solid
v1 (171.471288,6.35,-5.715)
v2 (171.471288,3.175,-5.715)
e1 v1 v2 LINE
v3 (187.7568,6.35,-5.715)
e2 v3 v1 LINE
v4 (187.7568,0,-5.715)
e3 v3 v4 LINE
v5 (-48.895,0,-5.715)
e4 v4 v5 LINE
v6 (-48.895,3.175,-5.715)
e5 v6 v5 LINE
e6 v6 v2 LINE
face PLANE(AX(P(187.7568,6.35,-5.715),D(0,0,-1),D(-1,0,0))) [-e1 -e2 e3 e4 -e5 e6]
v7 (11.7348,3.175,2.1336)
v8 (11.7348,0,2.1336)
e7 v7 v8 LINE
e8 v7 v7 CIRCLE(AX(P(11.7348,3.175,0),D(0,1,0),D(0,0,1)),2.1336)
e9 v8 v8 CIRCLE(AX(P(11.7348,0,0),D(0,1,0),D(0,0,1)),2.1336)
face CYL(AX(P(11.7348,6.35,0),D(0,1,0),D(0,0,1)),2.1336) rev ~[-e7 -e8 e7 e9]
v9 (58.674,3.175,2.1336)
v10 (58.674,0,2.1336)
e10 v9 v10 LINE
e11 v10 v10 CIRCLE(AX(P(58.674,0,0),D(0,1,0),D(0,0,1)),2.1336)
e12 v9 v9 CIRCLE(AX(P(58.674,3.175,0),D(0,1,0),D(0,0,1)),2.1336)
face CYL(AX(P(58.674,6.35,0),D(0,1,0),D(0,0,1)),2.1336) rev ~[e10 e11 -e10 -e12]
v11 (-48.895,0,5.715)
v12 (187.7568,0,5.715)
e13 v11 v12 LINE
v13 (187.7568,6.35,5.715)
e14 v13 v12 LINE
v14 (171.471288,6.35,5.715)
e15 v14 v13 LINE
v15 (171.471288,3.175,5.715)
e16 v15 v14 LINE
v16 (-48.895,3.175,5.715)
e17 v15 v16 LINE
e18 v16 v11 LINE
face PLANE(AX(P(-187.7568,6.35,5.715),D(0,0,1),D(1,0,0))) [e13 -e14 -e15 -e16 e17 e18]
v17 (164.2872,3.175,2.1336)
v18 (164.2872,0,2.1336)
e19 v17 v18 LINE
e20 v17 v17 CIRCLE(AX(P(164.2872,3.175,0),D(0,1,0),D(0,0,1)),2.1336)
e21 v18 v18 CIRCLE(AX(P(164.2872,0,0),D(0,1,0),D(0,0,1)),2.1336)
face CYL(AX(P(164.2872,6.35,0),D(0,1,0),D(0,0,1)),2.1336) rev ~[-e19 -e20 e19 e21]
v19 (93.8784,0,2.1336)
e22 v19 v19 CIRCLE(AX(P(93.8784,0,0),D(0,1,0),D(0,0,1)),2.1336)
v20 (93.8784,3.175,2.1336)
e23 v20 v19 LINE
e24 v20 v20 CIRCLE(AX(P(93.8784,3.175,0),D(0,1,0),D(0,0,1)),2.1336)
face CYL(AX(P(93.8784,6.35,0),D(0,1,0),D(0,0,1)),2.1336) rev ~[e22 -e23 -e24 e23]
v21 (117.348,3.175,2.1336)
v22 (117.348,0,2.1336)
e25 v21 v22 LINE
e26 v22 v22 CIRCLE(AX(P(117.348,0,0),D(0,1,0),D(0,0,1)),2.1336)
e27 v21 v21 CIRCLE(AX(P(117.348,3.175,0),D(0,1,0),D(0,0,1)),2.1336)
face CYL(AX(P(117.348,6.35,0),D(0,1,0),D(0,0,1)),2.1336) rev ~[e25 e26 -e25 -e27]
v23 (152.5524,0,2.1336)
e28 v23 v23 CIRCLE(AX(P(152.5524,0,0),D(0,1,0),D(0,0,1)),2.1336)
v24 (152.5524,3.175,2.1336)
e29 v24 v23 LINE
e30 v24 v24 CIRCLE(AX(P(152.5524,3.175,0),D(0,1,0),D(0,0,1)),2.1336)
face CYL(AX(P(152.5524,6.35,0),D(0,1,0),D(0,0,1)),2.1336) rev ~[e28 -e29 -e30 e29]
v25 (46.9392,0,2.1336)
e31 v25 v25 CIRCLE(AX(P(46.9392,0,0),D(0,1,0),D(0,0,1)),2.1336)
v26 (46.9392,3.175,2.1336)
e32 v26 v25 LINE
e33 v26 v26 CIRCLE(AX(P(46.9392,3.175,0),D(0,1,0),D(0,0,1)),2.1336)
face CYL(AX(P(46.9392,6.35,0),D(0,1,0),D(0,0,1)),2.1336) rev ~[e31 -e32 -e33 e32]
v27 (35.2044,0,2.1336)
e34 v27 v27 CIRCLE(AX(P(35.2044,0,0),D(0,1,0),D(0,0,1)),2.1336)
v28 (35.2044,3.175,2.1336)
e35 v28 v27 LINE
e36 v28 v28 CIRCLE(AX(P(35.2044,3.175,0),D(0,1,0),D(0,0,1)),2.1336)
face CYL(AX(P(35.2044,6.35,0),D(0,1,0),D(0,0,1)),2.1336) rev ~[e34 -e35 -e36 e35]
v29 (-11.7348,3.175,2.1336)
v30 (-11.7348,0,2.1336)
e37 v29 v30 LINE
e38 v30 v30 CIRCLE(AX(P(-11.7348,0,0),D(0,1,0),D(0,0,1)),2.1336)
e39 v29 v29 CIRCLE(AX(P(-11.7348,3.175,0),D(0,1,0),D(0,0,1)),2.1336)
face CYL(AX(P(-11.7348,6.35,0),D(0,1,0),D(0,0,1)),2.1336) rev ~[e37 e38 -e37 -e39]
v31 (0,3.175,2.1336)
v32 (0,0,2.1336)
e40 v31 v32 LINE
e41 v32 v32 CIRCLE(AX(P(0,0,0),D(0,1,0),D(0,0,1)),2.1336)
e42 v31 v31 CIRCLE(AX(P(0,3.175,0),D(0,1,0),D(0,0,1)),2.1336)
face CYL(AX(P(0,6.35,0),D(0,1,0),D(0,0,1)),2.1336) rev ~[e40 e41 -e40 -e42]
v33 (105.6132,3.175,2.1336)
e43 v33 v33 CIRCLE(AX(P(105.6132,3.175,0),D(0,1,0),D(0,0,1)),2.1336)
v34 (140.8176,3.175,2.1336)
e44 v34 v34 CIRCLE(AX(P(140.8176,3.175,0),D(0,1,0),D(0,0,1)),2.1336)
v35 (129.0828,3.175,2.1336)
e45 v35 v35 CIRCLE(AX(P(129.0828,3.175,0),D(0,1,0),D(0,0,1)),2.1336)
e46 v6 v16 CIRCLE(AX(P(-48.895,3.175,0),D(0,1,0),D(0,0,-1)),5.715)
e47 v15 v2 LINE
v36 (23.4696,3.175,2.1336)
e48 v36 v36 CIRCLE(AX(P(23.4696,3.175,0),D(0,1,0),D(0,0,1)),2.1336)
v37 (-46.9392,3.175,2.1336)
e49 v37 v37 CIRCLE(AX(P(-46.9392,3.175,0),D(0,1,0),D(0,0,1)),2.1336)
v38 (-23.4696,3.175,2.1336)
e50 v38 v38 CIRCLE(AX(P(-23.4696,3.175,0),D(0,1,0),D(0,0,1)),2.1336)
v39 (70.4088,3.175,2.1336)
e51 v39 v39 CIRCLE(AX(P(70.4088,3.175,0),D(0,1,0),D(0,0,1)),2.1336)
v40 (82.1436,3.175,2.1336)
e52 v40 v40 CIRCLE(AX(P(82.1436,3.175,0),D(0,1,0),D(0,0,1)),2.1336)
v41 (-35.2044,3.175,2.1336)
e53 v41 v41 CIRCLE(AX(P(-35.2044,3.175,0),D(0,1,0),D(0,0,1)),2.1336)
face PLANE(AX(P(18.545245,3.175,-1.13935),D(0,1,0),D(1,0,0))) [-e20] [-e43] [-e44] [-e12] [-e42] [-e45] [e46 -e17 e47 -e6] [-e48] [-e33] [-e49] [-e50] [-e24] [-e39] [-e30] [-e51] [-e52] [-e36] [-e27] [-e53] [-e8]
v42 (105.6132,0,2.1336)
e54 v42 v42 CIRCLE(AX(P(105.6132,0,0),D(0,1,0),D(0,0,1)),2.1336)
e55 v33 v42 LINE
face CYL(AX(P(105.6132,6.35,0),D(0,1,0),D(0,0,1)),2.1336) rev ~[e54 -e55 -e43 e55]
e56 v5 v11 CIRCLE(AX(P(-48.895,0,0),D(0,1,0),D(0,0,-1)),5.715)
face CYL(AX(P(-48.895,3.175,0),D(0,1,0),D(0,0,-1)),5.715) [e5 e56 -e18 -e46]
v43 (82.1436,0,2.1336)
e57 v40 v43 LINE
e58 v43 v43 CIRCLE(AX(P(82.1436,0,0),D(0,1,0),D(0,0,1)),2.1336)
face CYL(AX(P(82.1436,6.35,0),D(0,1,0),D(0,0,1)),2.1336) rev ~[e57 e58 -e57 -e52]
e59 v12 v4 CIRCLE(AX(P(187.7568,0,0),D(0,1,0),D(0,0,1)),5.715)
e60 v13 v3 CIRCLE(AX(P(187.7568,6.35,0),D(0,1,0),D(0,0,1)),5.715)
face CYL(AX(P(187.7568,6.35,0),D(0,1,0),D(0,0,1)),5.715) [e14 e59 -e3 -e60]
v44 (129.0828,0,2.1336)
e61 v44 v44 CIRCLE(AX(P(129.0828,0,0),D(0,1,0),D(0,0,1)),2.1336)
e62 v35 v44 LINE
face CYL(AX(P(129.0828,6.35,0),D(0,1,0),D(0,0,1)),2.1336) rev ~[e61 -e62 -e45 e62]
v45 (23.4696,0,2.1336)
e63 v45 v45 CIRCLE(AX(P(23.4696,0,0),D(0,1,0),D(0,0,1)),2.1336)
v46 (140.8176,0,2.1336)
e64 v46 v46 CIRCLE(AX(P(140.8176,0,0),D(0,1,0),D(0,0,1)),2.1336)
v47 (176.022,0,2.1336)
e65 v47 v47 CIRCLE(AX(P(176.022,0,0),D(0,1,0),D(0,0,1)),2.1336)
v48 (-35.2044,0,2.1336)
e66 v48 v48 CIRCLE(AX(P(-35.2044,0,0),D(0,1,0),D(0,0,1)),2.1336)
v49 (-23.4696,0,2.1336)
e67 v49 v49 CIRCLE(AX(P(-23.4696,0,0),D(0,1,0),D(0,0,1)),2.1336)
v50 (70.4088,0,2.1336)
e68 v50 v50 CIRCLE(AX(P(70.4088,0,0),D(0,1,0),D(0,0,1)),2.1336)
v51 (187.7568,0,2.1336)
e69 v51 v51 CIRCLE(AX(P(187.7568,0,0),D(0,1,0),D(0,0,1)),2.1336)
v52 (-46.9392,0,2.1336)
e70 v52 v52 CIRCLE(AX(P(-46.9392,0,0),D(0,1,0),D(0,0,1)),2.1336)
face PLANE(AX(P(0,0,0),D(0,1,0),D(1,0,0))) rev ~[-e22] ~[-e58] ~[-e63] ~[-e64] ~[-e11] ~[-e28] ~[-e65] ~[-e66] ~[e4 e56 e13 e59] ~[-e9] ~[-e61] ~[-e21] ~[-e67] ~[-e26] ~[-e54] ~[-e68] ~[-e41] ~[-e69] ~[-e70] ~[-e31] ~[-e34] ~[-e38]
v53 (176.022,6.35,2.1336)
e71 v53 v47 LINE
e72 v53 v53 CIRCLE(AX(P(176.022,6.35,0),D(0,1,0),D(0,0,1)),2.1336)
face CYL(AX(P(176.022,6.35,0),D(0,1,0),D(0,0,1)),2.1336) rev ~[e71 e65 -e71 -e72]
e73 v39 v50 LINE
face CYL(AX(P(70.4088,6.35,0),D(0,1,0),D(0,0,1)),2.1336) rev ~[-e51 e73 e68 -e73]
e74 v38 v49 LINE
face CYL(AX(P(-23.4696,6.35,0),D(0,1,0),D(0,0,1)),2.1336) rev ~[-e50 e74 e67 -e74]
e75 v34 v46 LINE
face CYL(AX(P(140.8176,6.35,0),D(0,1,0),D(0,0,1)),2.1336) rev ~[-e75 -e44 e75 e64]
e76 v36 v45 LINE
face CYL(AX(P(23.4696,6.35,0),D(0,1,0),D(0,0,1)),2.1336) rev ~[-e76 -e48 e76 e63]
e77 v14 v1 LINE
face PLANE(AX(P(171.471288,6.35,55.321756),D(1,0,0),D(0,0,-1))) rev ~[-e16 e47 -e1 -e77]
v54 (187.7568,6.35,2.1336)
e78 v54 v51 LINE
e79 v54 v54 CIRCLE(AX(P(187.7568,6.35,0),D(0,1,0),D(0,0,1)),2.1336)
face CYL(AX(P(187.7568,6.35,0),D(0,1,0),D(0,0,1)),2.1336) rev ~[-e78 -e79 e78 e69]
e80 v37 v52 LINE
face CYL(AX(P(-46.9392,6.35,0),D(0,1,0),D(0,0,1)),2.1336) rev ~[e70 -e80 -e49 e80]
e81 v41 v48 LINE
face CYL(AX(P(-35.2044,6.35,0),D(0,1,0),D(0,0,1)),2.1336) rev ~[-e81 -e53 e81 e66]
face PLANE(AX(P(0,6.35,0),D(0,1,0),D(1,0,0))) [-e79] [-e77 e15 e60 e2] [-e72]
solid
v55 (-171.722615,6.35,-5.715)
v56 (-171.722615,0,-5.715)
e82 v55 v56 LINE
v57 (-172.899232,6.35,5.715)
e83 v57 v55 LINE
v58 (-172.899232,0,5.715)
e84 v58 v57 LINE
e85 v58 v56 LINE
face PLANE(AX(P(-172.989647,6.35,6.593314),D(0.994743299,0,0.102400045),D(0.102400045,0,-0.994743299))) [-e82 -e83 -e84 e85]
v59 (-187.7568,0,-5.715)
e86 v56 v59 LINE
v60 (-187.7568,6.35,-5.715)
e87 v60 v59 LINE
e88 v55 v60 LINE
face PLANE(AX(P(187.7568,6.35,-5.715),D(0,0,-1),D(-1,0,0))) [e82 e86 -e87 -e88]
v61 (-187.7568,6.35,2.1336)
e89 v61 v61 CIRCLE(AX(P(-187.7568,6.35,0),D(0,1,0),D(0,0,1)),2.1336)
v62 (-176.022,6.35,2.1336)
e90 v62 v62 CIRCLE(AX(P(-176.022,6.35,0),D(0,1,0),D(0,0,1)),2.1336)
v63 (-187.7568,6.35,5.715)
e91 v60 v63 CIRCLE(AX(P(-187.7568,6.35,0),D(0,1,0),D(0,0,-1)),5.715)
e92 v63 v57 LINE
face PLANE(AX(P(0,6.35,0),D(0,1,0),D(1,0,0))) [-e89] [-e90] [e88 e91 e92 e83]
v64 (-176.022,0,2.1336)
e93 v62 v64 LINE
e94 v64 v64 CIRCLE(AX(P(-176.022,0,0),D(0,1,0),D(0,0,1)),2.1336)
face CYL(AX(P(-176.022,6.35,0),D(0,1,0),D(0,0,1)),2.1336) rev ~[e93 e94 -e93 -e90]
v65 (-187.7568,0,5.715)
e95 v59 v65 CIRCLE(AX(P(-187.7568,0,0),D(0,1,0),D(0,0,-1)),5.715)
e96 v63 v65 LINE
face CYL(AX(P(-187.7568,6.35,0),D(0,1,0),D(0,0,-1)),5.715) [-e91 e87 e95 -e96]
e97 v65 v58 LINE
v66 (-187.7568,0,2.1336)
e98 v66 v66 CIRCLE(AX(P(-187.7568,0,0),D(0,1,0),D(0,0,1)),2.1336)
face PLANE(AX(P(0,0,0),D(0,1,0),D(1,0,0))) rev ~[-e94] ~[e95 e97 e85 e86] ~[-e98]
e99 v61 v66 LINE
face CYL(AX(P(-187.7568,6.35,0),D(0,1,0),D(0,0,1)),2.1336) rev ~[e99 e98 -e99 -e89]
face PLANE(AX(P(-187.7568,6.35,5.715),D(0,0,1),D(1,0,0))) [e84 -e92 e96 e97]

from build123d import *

# Parameters (mm, degrees)
SKETCH1_R           = 2.1336
BOSS_EXTRUDE1_DEPTH = 6.35
CUT_EXTRUDE1_DEPTH  = 194.660324073
SKETCH3_W           = 305.852085709
SKETCH3_H           = 112.922210452
CUT_EXTRUDE2_DEPTH  = 3.175
CUT_EXTRUDE3_DEPTH  = 194.58222864


with BuildPart() as part:
    # Sketch1 → Boss-Extrude1 (new body)
    with BuildSketch(Plane(origin=(0, 6.35, 0), x_dir=(1, 0, 0), z_dir=(0, 1, 0))):
        with BuildLine():
            Line((187.7568, 5.715), (-187.7568, 5.715))
            ThreePointArc((-187.7568, 5.715), (-193.4718, 0), (-187.7568, -5.715))
            Line((-187.7568, -5.715), (187.7568, -5.715))
            ThreePointArc((187.7568, -5.715), (193.4718, 0), (187.7568, 5.715))
        make_face()
        with Locations(Location((187.7568, 0, 0), (0, 0, 270))):
            Circle(SKETCH1_R, mode=Mode.SUBTRACT)
        with Locations(Location((176.022, 0, 0), (0, 0, 270))):
            Circle(SKETCH1_R, mode=Mode.SUBTRACT)
        with Locations(Location((164.2872, 0, 0), (0, 0, 270))):
            Circle(SKETCH1_R, mode=Mode.SUBTRACT)
        with Locations(Location((152.5524, 0, 0), (0, 0, 270))):
            Circle(SKETCH1_R, mode=Mode.SUBTRACT)
        with Locations(Location((140.8176, 0, 0), (0, 0, 270))):
            Circle(SKETCH1_R, mode=Mode.SUBTRACT)
        with Locations(Location((129.0828, 0, 0), (0, 0, 270))):
            Circle(SKETCH1_R, mode=Mode.SUBTRACT)
        with Locations(Location((117.348, 0, 0), (0, 0, 270))):
            Circle(SKETCH1_R, mode=Mode.SUBTRACT)
        with Locations(Location((105.6132, 0, 0), (0, 0, 270))):
            Circle(SKETCH1_R, mode=Mode.SUBTRACT)
        with Locations(Location((93.8784, 0, 0), (0, 0, 270))):
            Circle(SKETCH1_R, mode=Mode.SUBTRACT)
        with Locations(Location((82.1436, 0, 0), (0, 0, 270))):
            Circle(SKETCH1_R, mode=Mode.SUBTRACT)
        with Locations(Location((70.4088, 0, 0), (0, 0, 270))):
            Circle(SKETCH1_R, mode=Mode.SUBTRACT)
        with Locations(Location((58.674, 0, 0), (0, 0, 270))):
            Circle(SKETCH1_R, mode=Mode.SUBTRACT)
        with Locations(Location((46.9392, 0, 0), (0, 0, 270))):
            Circle(SKETCH1_R, mode=Mode.SUBTRACT)
        with Locations(Location((35.2044, 0, 0), (0, 0, 270))):
            Circle(SKETCH1_R, mode=Mode.SUBTRACT)
        with Locations(Location((23.4696, 0, 0), (0, 0, 270))):
            Circle(SKETCH1_R, mode=Mode.SUBTRACT)
        with Locations(Location((11.7348, 0, 0), (0, 0, 270))):
            Circle(SKETCH1_R, mode=Mode.SUBTRACT)
        with Locations(Location((0, 0, 0), (0, 0, 270))):
            Circle(SKETCH1_R, mode=Mode.SUBTRACT)
        with Locations(Location((-11.7348, 0, 0), (0, 0, 270))):
            Circle(SKETCH1_R, mode=Mode.SUBTRACT)
        with Locations(Location((-23.4696, 0, 0), (0, 0, 270))):
            Circle(SKETCH1_R, mode=Mode.SUBTRACT)
        with Locations(Location((-35.2044, 0, 0), (0, 0, 270))):
            Circle(SKETCH1_R, mode=Mode.SUBTRACT)
        with Locations(Location((-46.9392, 0, 0), (0, 0, 270))):
            Circle(SKETCH1_R, mode=Mode.SUBTRACT)
        with Locations(Location((-58.674, 0, 0), (0, 0, 270))):
            Circle(SKETCH1_R, mode=Mode.SUBTRACT)
        with Locations(Location((-70.4088, 0, 0), (0, 0, 270))):
            Circle(SKETCH1_R, mode=Mode.SUBTRACT)
        with Locations(Location((-82.1436, 0, 0), (0, 0, 270))):
            Circle(SKETCH1_R, mode=Mode.SUBTRACT)
        with Locations(Location((-93.8784, 0, 0), (0, 0, 270))):
            Circle(SKETCH1_R, mode=Mode.SUBTRACT)
        with Locations(Location((-105.6132, 0, 0), (0, 0, 270))):
            Circle(SKETCH1_R, mode=Mode.SUBTRACT)
        with Locations(Location((-117.348, 0, 0), (0, 0, 270))):
            Circle(SKETCH1_R, mode=Mode.SUBTRACT)
        with Locations(Location((-129.0828, 0, 0), (0, 0, 270))):
            Circle(SKETCH1_R, mode=Mode.SUBTRACT)
        with Locations(Location((-140.8176, 0, 0), (0, 0, 270))):
            Circle(SKETCH1_R, mode=Mode.SUBTRACT)
        with Locations(Location((-152.5524, 0, 0), (0, 0, 270))):
            Circle(SKETCH1_R, mode=Mode.SUBTRACT)
        with Locations(Location((-164.2872, 0, 0), (0, 0, 270))):
            Circle(SKETCH1_R, mode=Mode.SUBTRACT)
        with Locations(Location((-176.022, 0, 0), (0, 0, 270))):
            Circle(SKETCH1_R, mode=Mode.SUBTRACT)
        with Locations(Location((-187.7568, 0, 0), (0, 0, 270))):
            Circle(SKETCH1_R, mode=Mode.SUBTRACT)
    extrude(amount=-BOSS_EXTRUDE1_DEPTH)

    # Sketch2 → Cut-Extrude1 (cut, through all)
    with BuildSketch(Plane(origin=(0, 6.35, 0), x_dir=(1, 0, 0), z_dir=(0, 1, 0))):
        with BuildLine():
            Line((-117.348, -5.715), (-172.989647153, -6.593313788))
            Line((-172.989647153, -6.593313788), (-171.150394327, 11.273713671))
            Line((-171.150394327, 11.273713671), (-117.348, 5.715))
            ThreePointArc((-117.348, 5.715), (-123.063, 0), (-117.348, -5.715))
        make_face()
    extrude(amount=-CUT_EXTRUDE1_DEPTH, mode=Mode.SUBTRACT)


with BuildPart() as cut_extrude1_piece_1:
    # of the separate pieces the step leaves, piece 1, a body of its own (cut_extrude1_pieces)
    add(part.part.solids().sort_by_distance((187.7568, 6.35, -5.715))[0])

    # Sketch3 → Cut-Extrude2 (cut)
    with BuildSketch(Plane(origin=(0, 6.35, 0), x_dir=(1, 0, 0), z_dir=(0, 1, 0))):
        with Locations((18.54524475, 1.139349657)):
            Rectangle(SKETCH3_W, SKETCH3_H)
    extrude(amount=-CUT_EXTRUDE2_DEPTH, mode=Mode.SUBTRACT)

    # Sketch5 → Cut-Extrude3 (cut, through all)
    with BuildSketch(Plane(origin=(0, 3.175, 0), x_dir=(1, 0, 0), z_dir=(0, 1, 0))):
        with BuildLine():
            Line((-48.895, -5.715), (-130.836154728, -54.309000318))
            Line((-130.836154728, -54.309000318), (-122.987301535, 82.919336151))
            Line((-122.987301535, 82.919336151), (-48.895, 5.715))
            ThreePointArc((-48.895, 5.715), (-54.61, 0), (-48.895, -5.715))
        make_face()
    extrude(amount=-CUT_EXTRUDE3_DEPTH, mode=Mode.SUBTRACT)


with BuildPart() as cut_extrude1_piece_2:
    # of the separate pieces the step leaves, piece 2, a body of its own (cut_extrude1_pieces)
    add(part.part.solids().sort_by_distance((-187.7568, 6.35, -5.715))[0])


solid = Compound([cut_extrude1_piece_1.part, cut_extrude1_piece_2.part])
